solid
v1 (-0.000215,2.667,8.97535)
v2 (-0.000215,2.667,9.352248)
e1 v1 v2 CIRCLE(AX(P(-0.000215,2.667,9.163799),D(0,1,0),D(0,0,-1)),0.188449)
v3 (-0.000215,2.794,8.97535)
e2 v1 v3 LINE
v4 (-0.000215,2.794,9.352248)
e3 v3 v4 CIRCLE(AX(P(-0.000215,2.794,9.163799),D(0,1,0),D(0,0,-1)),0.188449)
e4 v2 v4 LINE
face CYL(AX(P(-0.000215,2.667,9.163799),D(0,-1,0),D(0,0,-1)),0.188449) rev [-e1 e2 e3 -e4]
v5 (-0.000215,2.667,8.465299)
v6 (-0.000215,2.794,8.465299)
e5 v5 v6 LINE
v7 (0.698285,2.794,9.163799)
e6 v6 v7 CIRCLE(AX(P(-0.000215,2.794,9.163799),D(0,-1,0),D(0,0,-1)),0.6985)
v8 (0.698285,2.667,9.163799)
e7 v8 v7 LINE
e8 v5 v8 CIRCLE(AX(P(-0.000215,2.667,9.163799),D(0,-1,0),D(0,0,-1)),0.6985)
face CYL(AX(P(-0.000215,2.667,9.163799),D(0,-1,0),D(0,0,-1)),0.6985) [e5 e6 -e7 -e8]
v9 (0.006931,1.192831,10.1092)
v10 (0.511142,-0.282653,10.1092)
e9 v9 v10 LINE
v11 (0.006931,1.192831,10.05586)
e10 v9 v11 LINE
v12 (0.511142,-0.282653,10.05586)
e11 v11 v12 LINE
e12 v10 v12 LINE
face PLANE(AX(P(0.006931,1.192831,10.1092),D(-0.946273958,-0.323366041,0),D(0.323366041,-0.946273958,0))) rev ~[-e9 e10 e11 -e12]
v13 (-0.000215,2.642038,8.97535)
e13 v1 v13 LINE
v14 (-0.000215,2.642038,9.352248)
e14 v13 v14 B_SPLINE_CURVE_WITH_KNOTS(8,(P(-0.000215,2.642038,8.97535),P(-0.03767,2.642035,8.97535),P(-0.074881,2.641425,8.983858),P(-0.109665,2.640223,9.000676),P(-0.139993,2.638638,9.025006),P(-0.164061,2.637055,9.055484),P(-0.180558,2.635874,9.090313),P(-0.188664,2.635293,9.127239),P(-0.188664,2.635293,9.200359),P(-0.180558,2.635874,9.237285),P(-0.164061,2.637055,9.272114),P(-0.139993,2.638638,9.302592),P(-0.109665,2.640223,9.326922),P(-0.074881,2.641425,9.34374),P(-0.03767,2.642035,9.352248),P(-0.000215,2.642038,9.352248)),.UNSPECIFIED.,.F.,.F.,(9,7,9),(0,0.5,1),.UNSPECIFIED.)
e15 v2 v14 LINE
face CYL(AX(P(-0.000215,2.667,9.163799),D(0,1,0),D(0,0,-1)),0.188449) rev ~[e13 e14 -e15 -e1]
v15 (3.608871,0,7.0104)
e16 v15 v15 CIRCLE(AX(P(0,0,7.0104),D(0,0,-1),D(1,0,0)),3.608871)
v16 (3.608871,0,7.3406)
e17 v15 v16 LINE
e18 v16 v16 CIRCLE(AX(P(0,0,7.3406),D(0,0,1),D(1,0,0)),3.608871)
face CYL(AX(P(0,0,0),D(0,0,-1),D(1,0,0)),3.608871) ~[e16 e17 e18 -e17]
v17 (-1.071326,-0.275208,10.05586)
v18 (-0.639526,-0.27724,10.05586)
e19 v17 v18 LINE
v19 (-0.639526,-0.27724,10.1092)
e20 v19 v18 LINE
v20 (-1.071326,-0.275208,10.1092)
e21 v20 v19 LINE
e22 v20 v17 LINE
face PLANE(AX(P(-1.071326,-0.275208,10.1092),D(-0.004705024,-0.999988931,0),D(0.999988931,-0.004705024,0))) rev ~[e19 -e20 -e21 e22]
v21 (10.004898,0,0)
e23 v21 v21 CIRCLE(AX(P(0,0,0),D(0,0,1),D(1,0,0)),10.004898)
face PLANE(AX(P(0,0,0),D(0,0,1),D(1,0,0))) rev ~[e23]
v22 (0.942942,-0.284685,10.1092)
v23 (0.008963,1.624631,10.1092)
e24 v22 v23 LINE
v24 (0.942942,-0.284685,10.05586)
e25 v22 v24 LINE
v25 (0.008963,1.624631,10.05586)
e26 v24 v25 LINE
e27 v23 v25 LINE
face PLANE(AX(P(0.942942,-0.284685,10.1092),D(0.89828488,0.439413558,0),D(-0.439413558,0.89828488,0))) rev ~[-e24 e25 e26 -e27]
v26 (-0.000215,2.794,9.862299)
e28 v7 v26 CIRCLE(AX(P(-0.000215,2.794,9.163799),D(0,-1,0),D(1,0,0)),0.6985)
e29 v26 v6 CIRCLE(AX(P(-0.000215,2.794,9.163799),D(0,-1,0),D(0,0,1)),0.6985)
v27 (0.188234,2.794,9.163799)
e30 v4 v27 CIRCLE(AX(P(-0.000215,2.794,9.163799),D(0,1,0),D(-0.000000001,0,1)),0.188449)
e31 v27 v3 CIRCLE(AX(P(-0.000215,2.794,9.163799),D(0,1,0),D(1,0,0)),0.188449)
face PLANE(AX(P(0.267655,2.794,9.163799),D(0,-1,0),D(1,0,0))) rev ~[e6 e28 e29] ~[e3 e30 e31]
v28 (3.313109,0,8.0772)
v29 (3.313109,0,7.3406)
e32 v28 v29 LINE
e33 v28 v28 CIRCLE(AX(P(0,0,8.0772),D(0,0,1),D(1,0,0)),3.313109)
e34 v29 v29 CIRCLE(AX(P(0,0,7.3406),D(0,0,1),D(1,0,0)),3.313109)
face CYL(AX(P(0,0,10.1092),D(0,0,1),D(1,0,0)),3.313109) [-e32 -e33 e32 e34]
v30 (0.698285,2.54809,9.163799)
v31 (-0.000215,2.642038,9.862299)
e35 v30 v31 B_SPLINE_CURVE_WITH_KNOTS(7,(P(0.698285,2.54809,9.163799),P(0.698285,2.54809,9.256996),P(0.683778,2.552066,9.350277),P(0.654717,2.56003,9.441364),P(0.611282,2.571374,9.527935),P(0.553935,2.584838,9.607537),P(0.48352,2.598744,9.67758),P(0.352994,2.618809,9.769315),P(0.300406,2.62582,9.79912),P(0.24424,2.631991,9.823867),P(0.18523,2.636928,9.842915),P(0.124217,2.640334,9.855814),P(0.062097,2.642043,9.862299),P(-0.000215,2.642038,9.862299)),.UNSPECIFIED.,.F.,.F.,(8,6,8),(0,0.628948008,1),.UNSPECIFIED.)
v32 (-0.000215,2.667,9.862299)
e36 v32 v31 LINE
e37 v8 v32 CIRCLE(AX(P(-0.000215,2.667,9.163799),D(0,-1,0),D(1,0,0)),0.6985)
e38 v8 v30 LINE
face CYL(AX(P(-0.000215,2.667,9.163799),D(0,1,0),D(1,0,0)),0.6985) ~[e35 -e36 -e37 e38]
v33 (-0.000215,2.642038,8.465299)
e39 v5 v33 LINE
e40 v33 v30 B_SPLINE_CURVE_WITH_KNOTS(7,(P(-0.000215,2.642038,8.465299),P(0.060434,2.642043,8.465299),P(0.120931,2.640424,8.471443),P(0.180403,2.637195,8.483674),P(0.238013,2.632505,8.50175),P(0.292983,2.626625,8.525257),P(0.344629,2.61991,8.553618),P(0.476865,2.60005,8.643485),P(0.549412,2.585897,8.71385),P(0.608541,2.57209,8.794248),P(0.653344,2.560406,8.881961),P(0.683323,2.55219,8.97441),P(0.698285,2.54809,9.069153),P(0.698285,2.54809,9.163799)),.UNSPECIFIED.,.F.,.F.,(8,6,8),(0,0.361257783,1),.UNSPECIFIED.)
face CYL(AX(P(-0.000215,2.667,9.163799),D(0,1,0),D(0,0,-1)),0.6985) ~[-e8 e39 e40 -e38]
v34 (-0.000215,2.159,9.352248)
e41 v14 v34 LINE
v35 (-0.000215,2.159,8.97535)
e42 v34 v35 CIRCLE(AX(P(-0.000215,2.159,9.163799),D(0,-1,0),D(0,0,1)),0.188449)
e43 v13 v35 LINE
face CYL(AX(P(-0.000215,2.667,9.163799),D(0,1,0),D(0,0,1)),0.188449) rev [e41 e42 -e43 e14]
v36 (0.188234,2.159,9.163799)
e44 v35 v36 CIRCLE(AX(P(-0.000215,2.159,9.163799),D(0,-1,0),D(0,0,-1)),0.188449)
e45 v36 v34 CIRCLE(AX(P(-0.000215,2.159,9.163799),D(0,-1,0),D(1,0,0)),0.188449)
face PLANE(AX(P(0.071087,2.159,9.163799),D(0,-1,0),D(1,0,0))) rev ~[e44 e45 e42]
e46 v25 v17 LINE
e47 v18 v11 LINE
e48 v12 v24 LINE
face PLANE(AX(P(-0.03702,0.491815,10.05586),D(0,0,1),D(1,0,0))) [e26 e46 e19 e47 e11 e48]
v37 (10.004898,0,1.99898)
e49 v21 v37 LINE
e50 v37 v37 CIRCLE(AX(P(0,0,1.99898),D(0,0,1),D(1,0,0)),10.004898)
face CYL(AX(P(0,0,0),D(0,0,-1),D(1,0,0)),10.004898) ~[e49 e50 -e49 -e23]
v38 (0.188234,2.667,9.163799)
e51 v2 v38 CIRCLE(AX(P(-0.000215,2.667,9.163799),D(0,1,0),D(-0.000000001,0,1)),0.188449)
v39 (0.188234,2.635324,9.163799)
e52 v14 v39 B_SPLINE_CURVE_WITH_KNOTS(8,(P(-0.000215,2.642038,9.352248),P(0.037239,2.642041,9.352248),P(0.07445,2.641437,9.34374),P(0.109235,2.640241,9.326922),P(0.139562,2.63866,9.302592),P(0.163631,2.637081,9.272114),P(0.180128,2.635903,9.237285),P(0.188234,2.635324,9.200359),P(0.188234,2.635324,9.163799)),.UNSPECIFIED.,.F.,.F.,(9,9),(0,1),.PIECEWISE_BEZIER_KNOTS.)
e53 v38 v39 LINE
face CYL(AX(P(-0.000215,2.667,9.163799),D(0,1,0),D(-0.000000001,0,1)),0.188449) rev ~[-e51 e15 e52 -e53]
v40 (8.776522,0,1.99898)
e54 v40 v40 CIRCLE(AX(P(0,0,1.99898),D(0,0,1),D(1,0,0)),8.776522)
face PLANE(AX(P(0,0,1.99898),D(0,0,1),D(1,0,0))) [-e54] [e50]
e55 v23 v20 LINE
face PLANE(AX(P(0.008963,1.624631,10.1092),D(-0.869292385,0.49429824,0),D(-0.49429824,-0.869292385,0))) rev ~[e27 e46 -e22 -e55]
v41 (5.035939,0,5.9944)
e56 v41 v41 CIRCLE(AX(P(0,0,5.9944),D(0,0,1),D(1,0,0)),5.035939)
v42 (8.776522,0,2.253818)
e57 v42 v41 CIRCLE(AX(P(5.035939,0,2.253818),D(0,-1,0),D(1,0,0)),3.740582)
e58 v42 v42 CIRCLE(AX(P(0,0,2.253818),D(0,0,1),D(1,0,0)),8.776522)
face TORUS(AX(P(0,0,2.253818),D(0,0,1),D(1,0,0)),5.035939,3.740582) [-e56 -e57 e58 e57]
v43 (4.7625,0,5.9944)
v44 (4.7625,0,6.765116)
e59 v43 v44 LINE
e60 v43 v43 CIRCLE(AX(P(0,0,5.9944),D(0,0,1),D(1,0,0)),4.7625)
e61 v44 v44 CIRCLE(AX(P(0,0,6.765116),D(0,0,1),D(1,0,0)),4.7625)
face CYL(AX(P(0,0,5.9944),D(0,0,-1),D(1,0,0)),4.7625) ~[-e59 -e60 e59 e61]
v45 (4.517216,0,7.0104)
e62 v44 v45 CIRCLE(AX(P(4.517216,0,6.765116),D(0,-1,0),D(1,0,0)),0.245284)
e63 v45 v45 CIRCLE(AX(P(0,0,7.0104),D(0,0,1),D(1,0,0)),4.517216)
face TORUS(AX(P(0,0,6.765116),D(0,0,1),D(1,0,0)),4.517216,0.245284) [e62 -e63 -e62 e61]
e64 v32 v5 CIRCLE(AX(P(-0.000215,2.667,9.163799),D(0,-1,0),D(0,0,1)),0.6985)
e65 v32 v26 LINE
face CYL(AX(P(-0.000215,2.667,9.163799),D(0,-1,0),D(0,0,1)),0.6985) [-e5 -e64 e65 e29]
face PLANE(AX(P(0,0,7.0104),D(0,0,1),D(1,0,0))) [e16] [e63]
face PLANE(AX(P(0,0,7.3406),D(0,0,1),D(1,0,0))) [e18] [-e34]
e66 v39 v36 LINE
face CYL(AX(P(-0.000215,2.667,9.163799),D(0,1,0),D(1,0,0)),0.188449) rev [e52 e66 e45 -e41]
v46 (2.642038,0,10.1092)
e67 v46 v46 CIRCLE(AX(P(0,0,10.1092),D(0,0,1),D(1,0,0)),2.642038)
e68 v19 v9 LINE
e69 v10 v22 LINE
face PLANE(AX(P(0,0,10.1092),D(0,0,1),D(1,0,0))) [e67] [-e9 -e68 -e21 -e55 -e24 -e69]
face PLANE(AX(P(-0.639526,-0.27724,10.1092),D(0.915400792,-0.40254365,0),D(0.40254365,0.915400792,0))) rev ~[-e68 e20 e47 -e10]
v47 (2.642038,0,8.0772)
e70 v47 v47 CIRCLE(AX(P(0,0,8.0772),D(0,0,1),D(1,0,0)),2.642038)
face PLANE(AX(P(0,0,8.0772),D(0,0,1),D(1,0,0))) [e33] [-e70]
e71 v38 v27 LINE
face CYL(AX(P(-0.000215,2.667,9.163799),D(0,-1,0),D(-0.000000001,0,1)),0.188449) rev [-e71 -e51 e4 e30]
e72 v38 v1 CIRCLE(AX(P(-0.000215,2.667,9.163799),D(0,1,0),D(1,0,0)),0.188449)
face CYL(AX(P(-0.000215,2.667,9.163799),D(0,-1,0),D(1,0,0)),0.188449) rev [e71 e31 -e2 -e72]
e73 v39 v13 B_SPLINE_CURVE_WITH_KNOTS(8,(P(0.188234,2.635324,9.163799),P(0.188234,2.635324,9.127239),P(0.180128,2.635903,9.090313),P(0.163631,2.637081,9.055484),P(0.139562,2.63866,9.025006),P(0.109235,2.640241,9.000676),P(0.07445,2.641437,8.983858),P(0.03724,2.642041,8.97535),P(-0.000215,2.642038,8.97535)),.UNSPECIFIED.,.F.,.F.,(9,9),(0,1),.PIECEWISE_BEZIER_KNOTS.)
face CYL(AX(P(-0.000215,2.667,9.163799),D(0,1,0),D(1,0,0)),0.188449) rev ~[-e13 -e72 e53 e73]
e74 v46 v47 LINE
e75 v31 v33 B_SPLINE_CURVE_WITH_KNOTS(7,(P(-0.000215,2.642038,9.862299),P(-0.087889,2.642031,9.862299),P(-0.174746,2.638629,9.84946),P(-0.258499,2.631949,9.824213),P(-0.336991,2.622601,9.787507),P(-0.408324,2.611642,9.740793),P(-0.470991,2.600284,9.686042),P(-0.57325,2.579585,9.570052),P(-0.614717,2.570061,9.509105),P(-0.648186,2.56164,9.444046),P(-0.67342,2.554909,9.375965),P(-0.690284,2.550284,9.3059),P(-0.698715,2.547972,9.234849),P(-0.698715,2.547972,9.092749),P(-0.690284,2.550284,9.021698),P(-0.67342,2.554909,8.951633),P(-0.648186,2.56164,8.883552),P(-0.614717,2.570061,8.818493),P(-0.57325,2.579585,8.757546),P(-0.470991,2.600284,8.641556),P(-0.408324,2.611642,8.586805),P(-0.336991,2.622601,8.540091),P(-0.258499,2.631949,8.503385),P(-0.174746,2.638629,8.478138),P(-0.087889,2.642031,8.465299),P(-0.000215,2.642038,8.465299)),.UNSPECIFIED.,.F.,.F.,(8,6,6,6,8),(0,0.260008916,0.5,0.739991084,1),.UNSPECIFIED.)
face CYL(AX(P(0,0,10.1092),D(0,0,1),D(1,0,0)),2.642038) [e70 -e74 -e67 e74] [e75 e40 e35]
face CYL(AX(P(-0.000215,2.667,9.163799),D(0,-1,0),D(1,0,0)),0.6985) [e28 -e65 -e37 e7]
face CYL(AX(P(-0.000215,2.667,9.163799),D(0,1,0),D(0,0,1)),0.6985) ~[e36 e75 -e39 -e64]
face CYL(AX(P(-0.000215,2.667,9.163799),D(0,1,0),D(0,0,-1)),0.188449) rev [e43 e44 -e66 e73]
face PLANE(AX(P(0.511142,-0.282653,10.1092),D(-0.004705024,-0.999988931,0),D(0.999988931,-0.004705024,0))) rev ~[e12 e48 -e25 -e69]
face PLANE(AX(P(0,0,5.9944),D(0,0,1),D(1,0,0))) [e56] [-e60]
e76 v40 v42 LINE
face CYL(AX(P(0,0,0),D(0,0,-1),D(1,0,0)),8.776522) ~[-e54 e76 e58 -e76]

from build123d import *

# Parameters (mm, degrees)
F0_R      = 10.0048982814
F0_R_2    = 8.7765216672
F1_DEPTH  = 1.99898
F0_R_3    = 3.608871
F2_DEPTH  = 5.9944
F3_DEPTH  = 10.1092
F4_R      = 3.7405824935
F5_R      = 4.7625
F6_DEPTH  = 1.016
F7_R      = 0.2452840979
F8_R      = 3.608871
F8_R_2    = 3.3131091119
F9_DEPTH  = 2.7686
F8_R_3    = 2.6420381333
F10_DEPTH = 2.032
F13_DEPTH = 0.127
F14_DEPTH = 0.508
F15_DEPTH = 0.05334


with BuildPart() as f1:
    # F0 (on Top) → F1 (new body)
    with BuildSketch(Plane.XY):
        Circle(F0_R)
        Circle(F0_R_2, mode=Mode.SUBTRACT)
    extrude(amount=F1_DEPTH)

    # F0 (on Top) → F2 (join)
    with BuildSketch(Plane.XY):
        Circle(F0_R_2)
        Circle(F0_R_3, mode=Mode.SUBTRACT)
        Circle(F0_R_3)
    extrude(amount=F2_DEPTH)

    # F0 (on Top) → F3 (join)
    with BuildSketch(Plane.XY):
        Circle(F0_R_3)
    extrude(amount=F3_DEPTH)

    # F4
    f4_edges = [f1.edges().sort_by_distance(p)[0] for p in [
        (-8.776522, 0, 5.9944),
    ]]
    fillet(f4_edges, radius=F4_R)

    # F5 (on face) → F6 (join)
    with BuildSketch(Plane.XY.offset(5.9944)):
        Circle(F5_R)
    extrude(amount=F6_DEPTH)

    # F7
    f7_edges = [f1.edges().sort_by_distance(p)[0] for p in [
        (-4.7625, 0, 7.0104),
    ]]
    fillet(f7_edges, radius=F7_R)

    # F8 (on face) → F9 (cut)
    with BuildSketch(Plane.XY.offset(10.1092)):
        Circle(F8_R)
        Circle(F8_R_2, mode=Mode.SUBTRACT)
    extrude(amount=-F9_DEPTH, mode=Mode.SUBTRACT)

    # F8 (on face) → F10 (cut)
    with BuildSketch(Plane.XY.offset(10.1092)):
        Circle(F8_R_2)
        Circle(F8_R_3, mode=Mode.SUBTRACT)
    extrude(amount=-F10_DEPTH, mode=Mode.SUBTRACT)

    # F12 (on offset) → F13 (join, symmetric)
    with BuildSketch(Plane.XZ.offset(-2.667)):
        with BuildLine():
            ThreePointArc((0.6982848187, 9.1637990087), (0.4936989053, 9.6577130953), (-0.0002151813, 9.8622990087))
            Line((-0.0002151813, 9.8622990087), (-0.0002151813, 9.3522478652))
            ThreePointArc((-0.0002151813, 9.3522478652), (0.1330382831, 9.2970524731), (0.1882336753, 9.1637990087))
            ThreePointArc((0.1882336753, 9.1637990087), (0.1330382831, 9.0305455443), (-0.0002151813, 8.9753501521))
            Line((-0.0002151813, 8.9753501521), (-0.0002151813, 8.4652990087))
            ThreePointArc((-0.0002151813, 8.4652990087), (0.4936989053, 8.669884922), (0.6982848187, 9.1637990087))
        make_face()
        with BuildLine():
            Line((-0.0002151813, 9.3522478652), (-0.0002151813, 9.8622990087))
            ThreePointArc((-0.0002151813, 9.8622990087), (-0.6987151813, 9.1637990087), (-0.0002151813, 8.4652990087))
            Line((-0.0002151813, 8.4652990087), (-0.0002151813, 8.9753501521))
            ThreePointArc((-0.0002151813, 8.9753501521), (-0.1886640379, 9.1637990087), (-0.0002151813, 9.3522478652))
        make_face()
    extrude(amount=F13_DEPTH, both=True)

    # F12 (on offset) → F14 (cut)
    with BuildSketch(Plane.XZ.offset(-2.667)):
        with BuildLine():
            ThreePointArc((0.1882336753, 9.1637990087), (0.1330382831, 9.2970524731), (-0.0002151813, 9.3522478652))
            Line((-0.0002151813, 9.3522478652), (-0.0002151813, 8.9753501521))
            ThreePointArc((-0.0002151813, 8.9753501521), (0.1330382831, 9.0305455443), (0.1882336753, 9.1637990087))
        make_face()
        with BuildLine():
            Line((-0.0002151813, 8.9753501521), (-0.0002151813, 9.3522478652))
            ThreePointArc((-0.0002151813, 9.3522478652), (-0.1886640379, 9.1637990087), (-0.0002151813, 8.9753501521))
        make_face()
    extrude(amount=F14_DEPTH, mode=Mode.SUBTRACT)

    # F8 (on face) → F15 (cut)
    with BuildSketch(Plane.XY.offset(10.1092)):
        Polygon((0.008962602, 1.624630818), (-1.0713262968, -0.2752078575), (-0.6395262968, -0.2772395093), (0.0069309502, 1.192830818), (0.5111417182, -0.2826534897), (0.9429417182, -0.2846851415), align=None)
    extrude(amount=-F15_DEPTH, mode=Mode.SUBTRACT)


solid = f1.part
